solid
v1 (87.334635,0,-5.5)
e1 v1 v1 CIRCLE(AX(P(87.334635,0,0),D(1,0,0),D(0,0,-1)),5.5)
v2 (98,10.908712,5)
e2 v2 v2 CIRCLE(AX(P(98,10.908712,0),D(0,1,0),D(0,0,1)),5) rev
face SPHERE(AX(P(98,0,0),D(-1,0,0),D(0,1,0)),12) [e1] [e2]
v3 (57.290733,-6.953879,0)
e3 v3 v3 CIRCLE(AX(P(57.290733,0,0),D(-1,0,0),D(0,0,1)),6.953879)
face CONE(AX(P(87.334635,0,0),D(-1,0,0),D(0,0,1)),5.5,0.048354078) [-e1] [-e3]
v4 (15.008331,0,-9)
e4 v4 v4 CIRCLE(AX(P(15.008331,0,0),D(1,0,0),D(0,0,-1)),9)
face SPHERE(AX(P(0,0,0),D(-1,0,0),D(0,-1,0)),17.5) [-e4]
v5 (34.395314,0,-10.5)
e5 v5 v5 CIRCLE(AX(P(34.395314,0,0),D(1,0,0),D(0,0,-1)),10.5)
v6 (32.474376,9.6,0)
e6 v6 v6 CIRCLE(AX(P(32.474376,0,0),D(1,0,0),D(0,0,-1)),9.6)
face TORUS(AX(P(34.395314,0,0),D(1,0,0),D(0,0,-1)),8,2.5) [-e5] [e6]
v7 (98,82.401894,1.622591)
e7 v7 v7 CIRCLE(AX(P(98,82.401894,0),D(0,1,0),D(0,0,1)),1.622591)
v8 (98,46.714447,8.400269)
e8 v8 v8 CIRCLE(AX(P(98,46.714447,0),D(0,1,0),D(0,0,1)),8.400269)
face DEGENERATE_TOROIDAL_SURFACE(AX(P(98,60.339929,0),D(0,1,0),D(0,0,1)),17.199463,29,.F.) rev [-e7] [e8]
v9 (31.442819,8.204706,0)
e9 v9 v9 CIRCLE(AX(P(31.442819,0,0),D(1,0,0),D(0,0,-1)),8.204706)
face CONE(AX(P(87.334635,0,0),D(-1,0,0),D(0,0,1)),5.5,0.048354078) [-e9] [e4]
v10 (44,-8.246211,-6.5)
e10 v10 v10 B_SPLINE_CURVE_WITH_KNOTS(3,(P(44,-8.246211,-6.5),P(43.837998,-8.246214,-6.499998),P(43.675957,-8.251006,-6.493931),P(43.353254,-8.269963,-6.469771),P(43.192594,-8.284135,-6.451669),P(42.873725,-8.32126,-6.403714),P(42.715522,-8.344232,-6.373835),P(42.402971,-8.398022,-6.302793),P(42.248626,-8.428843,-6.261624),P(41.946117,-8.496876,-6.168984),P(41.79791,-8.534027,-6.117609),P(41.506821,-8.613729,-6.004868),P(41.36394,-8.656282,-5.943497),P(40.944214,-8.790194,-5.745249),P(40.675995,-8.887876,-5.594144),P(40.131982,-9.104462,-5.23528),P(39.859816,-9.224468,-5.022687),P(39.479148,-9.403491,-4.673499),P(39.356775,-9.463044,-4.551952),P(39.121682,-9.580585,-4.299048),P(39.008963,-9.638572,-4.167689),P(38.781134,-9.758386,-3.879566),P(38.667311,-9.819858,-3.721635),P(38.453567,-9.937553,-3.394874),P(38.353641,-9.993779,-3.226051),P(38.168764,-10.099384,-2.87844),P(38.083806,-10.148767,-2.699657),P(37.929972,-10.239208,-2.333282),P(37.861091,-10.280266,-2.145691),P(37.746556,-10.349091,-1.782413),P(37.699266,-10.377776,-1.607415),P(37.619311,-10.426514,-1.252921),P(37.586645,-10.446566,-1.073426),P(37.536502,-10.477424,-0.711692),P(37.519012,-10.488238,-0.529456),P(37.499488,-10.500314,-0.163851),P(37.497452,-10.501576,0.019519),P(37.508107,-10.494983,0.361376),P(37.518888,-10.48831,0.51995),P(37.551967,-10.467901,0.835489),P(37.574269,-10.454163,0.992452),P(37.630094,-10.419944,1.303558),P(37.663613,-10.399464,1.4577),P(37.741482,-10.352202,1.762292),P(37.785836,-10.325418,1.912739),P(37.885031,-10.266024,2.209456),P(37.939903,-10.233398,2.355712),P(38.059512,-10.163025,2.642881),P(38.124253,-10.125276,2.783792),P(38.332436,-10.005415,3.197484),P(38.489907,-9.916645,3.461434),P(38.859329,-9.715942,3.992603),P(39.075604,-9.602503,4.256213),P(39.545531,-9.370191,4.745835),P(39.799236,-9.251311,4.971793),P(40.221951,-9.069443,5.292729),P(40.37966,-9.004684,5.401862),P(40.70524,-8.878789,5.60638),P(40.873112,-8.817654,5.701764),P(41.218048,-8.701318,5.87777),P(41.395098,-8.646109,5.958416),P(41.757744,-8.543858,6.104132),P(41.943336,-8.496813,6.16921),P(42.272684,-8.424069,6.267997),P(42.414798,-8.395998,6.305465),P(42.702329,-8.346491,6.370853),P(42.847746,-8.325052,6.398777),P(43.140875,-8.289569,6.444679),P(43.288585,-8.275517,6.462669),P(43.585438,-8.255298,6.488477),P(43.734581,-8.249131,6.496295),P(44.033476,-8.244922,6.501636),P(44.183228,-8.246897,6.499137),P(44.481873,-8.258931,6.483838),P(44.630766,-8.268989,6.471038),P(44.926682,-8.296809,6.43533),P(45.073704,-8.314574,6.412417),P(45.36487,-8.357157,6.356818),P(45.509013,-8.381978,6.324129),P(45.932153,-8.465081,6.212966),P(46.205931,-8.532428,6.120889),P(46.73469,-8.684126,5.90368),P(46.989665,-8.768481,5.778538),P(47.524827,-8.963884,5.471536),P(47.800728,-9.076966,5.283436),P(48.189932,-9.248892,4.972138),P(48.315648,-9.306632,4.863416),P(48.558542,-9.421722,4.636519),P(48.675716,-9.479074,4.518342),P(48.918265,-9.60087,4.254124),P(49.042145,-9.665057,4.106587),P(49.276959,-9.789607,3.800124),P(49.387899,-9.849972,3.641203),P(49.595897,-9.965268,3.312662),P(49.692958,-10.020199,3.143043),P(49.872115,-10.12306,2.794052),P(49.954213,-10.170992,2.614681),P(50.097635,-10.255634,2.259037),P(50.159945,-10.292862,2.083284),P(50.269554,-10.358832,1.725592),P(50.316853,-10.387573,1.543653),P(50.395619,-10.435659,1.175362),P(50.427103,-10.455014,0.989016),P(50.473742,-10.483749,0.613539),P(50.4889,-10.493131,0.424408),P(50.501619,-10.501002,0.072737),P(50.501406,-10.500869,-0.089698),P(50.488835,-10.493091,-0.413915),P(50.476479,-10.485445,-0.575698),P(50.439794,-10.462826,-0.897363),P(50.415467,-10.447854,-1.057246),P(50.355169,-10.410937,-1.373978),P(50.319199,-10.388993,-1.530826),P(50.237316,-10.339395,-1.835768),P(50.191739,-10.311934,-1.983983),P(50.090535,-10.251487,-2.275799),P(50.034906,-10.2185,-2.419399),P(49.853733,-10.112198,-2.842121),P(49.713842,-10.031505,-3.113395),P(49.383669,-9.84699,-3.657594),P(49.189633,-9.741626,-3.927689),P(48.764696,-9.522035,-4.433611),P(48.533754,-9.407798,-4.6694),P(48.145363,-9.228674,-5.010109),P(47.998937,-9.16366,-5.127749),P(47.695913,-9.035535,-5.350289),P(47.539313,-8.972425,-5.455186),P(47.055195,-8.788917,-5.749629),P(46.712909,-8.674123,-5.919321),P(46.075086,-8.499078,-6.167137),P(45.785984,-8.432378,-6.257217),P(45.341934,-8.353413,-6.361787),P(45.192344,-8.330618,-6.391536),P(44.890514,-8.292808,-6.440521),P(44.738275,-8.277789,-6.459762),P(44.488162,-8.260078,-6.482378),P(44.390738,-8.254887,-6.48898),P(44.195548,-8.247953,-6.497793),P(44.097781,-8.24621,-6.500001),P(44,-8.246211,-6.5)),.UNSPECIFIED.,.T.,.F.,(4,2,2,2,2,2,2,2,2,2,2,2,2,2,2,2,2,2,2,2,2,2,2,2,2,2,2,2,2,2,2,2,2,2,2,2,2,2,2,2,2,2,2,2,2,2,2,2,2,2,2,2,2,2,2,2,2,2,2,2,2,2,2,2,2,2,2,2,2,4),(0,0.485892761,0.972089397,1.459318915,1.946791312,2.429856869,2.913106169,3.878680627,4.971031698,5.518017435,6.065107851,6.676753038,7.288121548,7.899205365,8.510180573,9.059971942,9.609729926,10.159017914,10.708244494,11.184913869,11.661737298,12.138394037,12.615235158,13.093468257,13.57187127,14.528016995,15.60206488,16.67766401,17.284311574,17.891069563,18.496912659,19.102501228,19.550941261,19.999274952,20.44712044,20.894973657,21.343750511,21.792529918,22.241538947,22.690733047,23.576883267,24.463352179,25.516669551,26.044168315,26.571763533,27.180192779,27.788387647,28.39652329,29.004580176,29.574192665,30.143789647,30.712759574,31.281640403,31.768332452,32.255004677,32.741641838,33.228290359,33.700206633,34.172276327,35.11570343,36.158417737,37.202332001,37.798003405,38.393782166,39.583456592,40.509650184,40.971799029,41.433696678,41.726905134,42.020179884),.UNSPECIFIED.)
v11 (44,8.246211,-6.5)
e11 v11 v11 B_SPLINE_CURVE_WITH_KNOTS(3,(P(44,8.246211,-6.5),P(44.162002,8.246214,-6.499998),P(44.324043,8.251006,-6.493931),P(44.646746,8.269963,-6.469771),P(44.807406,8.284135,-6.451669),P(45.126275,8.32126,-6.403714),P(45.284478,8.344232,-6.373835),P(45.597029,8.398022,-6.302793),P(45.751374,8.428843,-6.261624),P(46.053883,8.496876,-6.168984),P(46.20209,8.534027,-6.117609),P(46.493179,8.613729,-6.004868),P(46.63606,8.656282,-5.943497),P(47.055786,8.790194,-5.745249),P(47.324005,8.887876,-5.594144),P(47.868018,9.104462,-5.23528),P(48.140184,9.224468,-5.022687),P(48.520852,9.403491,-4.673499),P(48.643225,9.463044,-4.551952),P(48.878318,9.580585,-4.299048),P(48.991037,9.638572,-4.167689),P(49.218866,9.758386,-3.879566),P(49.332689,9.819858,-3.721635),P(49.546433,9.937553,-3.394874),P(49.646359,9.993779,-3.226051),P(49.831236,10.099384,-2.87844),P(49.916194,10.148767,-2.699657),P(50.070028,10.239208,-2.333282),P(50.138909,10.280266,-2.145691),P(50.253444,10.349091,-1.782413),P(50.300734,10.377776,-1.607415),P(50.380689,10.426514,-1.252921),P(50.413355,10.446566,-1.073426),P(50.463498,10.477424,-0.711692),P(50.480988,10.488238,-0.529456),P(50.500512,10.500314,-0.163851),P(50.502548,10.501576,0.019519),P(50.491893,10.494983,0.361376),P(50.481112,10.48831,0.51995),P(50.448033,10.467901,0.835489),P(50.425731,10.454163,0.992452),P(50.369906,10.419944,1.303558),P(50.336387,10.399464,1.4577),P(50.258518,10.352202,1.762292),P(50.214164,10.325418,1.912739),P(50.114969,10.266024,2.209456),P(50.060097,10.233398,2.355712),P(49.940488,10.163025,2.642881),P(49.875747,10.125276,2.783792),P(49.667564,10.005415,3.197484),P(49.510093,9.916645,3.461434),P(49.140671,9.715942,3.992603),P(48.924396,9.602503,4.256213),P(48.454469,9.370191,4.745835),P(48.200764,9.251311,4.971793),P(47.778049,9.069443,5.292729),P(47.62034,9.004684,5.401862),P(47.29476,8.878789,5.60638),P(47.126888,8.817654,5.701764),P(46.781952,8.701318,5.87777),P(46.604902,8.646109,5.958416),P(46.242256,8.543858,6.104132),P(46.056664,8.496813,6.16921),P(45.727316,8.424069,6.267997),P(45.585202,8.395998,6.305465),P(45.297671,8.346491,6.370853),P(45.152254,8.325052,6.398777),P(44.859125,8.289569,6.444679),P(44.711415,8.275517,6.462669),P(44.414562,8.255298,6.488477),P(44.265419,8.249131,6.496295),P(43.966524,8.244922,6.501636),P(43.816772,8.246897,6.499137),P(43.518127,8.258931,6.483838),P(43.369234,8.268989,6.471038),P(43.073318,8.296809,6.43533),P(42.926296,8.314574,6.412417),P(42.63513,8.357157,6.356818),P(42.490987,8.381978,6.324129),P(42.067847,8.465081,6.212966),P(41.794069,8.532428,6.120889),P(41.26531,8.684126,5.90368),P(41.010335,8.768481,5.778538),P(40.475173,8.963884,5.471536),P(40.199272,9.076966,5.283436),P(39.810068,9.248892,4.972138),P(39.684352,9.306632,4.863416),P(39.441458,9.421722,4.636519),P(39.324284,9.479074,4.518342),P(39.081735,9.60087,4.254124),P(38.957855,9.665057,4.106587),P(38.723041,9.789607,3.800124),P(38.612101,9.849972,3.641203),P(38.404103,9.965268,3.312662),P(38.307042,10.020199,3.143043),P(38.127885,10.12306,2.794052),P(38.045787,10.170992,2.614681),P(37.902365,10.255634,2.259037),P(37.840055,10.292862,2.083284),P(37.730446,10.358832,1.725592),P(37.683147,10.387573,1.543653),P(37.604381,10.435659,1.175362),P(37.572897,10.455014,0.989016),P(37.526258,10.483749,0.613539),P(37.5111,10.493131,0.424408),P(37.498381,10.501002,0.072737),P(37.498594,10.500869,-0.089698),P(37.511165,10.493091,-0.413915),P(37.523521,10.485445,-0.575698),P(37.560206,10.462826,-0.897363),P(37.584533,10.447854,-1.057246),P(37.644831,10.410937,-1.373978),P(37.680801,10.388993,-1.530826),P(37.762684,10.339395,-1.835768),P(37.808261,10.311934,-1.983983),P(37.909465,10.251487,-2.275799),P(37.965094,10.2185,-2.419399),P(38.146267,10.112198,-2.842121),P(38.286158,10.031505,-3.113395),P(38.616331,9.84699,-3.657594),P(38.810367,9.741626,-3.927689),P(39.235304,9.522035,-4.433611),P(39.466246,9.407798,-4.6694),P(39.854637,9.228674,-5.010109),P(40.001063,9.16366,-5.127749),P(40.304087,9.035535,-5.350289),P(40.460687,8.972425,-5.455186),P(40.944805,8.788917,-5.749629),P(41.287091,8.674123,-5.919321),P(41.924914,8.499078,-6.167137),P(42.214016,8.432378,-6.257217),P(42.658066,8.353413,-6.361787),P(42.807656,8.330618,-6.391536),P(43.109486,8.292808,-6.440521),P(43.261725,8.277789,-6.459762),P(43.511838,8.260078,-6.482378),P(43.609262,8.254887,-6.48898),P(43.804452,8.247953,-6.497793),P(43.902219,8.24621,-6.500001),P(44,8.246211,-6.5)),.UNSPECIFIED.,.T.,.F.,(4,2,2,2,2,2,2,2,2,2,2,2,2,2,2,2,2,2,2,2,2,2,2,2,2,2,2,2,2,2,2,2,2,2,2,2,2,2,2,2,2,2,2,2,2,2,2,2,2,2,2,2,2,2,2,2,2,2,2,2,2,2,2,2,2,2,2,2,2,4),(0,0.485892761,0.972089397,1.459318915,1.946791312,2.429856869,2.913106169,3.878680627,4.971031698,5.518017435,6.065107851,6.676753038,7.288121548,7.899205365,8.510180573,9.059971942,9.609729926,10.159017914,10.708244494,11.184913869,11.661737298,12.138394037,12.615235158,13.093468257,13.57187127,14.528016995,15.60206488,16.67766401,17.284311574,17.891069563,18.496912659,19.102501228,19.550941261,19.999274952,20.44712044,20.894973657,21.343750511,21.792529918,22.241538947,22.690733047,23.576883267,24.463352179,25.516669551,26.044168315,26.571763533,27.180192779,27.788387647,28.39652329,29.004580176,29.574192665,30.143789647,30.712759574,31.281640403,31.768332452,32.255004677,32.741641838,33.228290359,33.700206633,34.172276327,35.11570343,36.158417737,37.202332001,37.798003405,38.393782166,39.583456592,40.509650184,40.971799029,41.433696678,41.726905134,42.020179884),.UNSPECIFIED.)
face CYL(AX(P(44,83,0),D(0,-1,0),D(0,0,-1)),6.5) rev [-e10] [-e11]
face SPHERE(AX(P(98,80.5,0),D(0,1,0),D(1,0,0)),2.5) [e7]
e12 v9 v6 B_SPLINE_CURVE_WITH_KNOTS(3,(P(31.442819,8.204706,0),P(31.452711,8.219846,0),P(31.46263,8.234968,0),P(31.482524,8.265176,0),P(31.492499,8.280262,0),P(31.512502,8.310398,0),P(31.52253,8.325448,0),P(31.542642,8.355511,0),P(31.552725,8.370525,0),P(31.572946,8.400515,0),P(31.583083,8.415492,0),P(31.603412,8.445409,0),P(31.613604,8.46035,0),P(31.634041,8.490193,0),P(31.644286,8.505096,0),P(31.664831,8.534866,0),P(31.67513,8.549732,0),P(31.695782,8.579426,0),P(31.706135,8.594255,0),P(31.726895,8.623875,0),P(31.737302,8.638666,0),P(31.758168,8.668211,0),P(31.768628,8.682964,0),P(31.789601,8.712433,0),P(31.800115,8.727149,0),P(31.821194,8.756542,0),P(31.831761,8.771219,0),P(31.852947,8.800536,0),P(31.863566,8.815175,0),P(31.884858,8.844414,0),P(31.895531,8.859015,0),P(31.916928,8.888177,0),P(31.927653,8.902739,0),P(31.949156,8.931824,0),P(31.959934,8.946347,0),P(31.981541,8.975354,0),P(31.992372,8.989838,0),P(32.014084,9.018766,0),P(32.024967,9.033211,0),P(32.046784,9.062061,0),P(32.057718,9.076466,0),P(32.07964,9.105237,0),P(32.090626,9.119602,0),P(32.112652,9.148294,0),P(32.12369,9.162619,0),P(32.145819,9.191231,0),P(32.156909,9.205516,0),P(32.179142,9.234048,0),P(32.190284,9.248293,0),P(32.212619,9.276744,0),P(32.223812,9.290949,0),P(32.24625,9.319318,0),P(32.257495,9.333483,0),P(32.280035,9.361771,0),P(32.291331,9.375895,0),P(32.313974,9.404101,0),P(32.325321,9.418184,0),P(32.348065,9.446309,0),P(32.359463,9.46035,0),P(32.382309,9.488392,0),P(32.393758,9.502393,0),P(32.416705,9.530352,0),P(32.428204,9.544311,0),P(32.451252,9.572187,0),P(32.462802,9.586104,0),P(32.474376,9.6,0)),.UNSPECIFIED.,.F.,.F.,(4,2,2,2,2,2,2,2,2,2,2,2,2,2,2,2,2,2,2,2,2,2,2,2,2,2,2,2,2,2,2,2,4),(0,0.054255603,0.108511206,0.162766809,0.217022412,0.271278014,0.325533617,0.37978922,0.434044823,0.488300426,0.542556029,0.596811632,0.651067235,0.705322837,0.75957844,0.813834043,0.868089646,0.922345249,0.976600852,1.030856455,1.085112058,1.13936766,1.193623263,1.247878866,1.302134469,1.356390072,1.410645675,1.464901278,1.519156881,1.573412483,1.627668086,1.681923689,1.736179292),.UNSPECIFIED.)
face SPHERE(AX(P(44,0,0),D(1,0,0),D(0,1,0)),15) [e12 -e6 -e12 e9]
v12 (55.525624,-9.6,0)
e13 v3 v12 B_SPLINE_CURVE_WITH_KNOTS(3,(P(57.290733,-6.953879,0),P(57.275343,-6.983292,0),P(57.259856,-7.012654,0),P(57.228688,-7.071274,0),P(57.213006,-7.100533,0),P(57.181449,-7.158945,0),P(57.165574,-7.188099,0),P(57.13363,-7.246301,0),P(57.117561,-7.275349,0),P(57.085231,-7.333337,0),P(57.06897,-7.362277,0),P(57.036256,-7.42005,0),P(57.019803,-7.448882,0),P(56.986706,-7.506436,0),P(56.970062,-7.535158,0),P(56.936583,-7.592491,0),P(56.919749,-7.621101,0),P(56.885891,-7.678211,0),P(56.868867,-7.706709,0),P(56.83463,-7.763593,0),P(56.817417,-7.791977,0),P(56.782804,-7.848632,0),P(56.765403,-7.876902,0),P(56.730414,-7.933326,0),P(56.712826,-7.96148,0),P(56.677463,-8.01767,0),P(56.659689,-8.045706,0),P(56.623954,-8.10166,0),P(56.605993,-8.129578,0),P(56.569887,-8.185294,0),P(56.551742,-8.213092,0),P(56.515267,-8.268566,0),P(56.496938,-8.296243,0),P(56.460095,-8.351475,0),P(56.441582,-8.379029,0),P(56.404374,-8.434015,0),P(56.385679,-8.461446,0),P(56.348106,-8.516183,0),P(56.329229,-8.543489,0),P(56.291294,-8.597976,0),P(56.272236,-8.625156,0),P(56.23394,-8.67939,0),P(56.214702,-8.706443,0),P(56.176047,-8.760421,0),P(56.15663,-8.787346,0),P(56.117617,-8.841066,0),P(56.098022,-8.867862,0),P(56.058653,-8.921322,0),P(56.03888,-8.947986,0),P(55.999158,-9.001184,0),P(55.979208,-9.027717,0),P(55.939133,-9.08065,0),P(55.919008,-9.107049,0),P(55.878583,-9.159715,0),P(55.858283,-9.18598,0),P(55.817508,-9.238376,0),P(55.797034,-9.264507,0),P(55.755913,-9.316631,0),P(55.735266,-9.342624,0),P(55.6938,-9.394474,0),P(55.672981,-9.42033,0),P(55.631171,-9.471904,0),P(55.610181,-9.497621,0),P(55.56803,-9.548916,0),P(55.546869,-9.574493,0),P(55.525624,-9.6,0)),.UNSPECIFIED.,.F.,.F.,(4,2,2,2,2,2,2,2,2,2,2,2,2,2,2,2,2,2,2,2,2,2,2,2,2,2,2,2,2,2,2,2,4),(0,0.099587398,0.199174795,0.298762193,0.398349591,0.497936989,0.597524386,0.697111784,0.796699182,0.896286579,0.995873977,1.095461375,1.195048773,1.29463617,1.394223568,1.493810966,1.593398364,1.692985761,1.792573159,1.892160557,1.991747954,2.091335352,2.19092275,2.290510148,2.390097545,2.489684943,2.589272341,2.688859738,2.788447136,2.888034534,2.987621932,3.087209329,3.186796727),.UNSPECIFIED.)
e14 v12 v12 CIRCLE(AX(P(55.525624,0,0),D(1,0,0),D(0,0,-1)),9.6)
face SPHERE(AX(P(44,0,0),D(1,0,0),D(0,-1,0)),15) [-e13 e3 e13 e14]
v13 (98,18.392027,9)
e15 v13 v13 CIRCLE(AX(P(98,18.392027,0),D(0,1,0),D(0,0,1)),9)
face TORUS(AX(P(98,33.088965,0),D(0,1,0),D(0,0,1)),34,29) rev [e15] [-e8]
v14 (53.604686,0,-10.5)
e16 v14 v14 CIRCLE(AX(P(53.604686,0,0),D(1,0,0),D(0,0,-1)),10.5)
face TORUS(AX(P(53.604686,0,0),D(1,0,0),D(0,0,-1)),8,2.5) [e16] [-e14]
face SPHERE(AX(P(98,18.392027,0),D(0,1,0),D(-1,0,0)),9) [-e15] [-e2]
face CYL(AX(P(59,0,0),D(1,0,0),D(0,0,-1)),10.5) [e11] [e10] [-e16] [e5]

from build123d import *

# Parameters (mm, degrees)
KES_EKSTR_ZYON1_DEPTH      = 139.907343218
KES_EKSTR_ZYON1_DEPTH_BACK = 19
IZIM11_R                   = 6.5


with BuildPart() as part:
    # Çizim4 → Döndür2 (revolve)
    with BuildSketch(Plane.XY):
        with BuildLine():
            Line((17.5, 0), (-17.5, 0))
            ThreePointArc((-17.5, 0), (0, 17.5), (17.5, 0))
        make_face()
    revolve(axis=Axis((-17.5, 0, 0), (1, 0, 0)))



with BuildPart() as body_2:
    # Çizim6 → Döndür3 (revolve)
    with BuildSketch(Plane.XY, mode=Mode.PRIVATE) as d_nd_r3_sk:
        with BuildLine():
            Line((34.395313644, 10.5), (53.604686356, 10.5))
            ThreePointArc((53.604686356, 10.5), (54.665346528, 10.263846285), (55.525623627, 9.6))
            ThreePointArc((55.525623627, 9.6), (58.104686356, 5.104686356), (59, 0))
            Line((59, 0), (29, 0))
            ThreePointArc((29, 0), (29.895313644, 5.104686356), (32.474376373, 9.6))
            ThreePointArc((32.474376373, 9.6), (33.334653472, 10.263846285), (34.395313644, 10.5))
        make_face()
    revolve(d_nd_r3_sk.sketch.rotate(Axis((59, 0, 0), (-1, 0, 0)), 90), axis=Axis((59, 0, 0), (-1, 0, 0)))


with BuildPart() as body_3:
    # Çizim7 → Döndür4 (revolve)
    with BuildSketch(Plane.XY):
        with BuildLine():
            Line((86, 0), (110, 0))
            ThreePointArc((110, 0), (98, 12), (86, 0))
        make_face()
    revolve(axis=Axis((86, 0, 0), (1, 0, 0)))


with BuildPart() as part_1:
    add(part.part)

    add(body_2.part)  # Döndür5 merges body 2

    add(body_3.part)  # Döndür5 merges body 3
    # Çizim8 → Döndür5 (revolve)
    with BuildSketch(Plane.XY, mode=Mode.PRIVATE) as d_nd_r5_sk:
        with BuildLine():
            Line((15.00833102, 9), (87.334635496, 5.5))
            ThreePointArc((87.334635496, 5.5), (86.338431194, 2.82980794), (86, 0))
            Line((86, 0), (17.5, 0))
            ThreePointArc((17.5, 0), (16.865583193, 4.669272275), (15.00833102, 9))
        make_face()
    revolve(d_nd_r5_sk.sketch.rotate(Axis((86, 0, 0), (-1, 0, 0)), 180), axis=Axis((86, 0, 0), (-1, 0, 0)))

    # Çizim10 → Döndür6 (revolve)
    with BuildSketch(Plane.XY, mode=Mode.PRIVATE) as d_nd_r6_sk:
        with BuildLine():
            Line((98, 83), (98, 9.392026888))
            ThreePointArc((98, 9.392026888), (91.636038969, 12.028065858), (89, 18.392026888))
            ThreePointArc((89, 18.392026888), (92.993500576, 32.475023678), (89.599731438, 46.714446998))
            ThreePointArc((89.599731438, 46.714446998), (86.708723874, 65.750824244), (96.377409163, 82.401893523))
            ThreePointArc((96.377409163, 82.401893523), (97.135342209, 82.845712451), (98, 83))
        make_face()
    revolve(d_nd_r6_sk.sketch.rotate(Axis((98, 83, 0), (0, -1, 0)), 270), axis=Axis((98, 83, 0), (0, -1, 0)))

    # Çizim11 → Kes-Ekstrüzyon1 (cut, two sides: drawn at the far end of the back side and taken through both)
    with BuildSketch(Plane(origin=(0, 0, 0), x_dir=(1, 0, 0), z_dir=(0, 1, 0)).offset(-KES_EKSTR_ZYON1_DEPTH_BACK)):
        with Locations(Location((44, 0, 0), (0, 0, 90))):
            Circle(IZIM11_R)
    extrude(amount=KES_EKSTR_ZYON1_DEPTH + KES_EKSTR_ZYON1_DEPTH_BACK, mode=Mode.SUBTRACT)


solid = part_1.part
